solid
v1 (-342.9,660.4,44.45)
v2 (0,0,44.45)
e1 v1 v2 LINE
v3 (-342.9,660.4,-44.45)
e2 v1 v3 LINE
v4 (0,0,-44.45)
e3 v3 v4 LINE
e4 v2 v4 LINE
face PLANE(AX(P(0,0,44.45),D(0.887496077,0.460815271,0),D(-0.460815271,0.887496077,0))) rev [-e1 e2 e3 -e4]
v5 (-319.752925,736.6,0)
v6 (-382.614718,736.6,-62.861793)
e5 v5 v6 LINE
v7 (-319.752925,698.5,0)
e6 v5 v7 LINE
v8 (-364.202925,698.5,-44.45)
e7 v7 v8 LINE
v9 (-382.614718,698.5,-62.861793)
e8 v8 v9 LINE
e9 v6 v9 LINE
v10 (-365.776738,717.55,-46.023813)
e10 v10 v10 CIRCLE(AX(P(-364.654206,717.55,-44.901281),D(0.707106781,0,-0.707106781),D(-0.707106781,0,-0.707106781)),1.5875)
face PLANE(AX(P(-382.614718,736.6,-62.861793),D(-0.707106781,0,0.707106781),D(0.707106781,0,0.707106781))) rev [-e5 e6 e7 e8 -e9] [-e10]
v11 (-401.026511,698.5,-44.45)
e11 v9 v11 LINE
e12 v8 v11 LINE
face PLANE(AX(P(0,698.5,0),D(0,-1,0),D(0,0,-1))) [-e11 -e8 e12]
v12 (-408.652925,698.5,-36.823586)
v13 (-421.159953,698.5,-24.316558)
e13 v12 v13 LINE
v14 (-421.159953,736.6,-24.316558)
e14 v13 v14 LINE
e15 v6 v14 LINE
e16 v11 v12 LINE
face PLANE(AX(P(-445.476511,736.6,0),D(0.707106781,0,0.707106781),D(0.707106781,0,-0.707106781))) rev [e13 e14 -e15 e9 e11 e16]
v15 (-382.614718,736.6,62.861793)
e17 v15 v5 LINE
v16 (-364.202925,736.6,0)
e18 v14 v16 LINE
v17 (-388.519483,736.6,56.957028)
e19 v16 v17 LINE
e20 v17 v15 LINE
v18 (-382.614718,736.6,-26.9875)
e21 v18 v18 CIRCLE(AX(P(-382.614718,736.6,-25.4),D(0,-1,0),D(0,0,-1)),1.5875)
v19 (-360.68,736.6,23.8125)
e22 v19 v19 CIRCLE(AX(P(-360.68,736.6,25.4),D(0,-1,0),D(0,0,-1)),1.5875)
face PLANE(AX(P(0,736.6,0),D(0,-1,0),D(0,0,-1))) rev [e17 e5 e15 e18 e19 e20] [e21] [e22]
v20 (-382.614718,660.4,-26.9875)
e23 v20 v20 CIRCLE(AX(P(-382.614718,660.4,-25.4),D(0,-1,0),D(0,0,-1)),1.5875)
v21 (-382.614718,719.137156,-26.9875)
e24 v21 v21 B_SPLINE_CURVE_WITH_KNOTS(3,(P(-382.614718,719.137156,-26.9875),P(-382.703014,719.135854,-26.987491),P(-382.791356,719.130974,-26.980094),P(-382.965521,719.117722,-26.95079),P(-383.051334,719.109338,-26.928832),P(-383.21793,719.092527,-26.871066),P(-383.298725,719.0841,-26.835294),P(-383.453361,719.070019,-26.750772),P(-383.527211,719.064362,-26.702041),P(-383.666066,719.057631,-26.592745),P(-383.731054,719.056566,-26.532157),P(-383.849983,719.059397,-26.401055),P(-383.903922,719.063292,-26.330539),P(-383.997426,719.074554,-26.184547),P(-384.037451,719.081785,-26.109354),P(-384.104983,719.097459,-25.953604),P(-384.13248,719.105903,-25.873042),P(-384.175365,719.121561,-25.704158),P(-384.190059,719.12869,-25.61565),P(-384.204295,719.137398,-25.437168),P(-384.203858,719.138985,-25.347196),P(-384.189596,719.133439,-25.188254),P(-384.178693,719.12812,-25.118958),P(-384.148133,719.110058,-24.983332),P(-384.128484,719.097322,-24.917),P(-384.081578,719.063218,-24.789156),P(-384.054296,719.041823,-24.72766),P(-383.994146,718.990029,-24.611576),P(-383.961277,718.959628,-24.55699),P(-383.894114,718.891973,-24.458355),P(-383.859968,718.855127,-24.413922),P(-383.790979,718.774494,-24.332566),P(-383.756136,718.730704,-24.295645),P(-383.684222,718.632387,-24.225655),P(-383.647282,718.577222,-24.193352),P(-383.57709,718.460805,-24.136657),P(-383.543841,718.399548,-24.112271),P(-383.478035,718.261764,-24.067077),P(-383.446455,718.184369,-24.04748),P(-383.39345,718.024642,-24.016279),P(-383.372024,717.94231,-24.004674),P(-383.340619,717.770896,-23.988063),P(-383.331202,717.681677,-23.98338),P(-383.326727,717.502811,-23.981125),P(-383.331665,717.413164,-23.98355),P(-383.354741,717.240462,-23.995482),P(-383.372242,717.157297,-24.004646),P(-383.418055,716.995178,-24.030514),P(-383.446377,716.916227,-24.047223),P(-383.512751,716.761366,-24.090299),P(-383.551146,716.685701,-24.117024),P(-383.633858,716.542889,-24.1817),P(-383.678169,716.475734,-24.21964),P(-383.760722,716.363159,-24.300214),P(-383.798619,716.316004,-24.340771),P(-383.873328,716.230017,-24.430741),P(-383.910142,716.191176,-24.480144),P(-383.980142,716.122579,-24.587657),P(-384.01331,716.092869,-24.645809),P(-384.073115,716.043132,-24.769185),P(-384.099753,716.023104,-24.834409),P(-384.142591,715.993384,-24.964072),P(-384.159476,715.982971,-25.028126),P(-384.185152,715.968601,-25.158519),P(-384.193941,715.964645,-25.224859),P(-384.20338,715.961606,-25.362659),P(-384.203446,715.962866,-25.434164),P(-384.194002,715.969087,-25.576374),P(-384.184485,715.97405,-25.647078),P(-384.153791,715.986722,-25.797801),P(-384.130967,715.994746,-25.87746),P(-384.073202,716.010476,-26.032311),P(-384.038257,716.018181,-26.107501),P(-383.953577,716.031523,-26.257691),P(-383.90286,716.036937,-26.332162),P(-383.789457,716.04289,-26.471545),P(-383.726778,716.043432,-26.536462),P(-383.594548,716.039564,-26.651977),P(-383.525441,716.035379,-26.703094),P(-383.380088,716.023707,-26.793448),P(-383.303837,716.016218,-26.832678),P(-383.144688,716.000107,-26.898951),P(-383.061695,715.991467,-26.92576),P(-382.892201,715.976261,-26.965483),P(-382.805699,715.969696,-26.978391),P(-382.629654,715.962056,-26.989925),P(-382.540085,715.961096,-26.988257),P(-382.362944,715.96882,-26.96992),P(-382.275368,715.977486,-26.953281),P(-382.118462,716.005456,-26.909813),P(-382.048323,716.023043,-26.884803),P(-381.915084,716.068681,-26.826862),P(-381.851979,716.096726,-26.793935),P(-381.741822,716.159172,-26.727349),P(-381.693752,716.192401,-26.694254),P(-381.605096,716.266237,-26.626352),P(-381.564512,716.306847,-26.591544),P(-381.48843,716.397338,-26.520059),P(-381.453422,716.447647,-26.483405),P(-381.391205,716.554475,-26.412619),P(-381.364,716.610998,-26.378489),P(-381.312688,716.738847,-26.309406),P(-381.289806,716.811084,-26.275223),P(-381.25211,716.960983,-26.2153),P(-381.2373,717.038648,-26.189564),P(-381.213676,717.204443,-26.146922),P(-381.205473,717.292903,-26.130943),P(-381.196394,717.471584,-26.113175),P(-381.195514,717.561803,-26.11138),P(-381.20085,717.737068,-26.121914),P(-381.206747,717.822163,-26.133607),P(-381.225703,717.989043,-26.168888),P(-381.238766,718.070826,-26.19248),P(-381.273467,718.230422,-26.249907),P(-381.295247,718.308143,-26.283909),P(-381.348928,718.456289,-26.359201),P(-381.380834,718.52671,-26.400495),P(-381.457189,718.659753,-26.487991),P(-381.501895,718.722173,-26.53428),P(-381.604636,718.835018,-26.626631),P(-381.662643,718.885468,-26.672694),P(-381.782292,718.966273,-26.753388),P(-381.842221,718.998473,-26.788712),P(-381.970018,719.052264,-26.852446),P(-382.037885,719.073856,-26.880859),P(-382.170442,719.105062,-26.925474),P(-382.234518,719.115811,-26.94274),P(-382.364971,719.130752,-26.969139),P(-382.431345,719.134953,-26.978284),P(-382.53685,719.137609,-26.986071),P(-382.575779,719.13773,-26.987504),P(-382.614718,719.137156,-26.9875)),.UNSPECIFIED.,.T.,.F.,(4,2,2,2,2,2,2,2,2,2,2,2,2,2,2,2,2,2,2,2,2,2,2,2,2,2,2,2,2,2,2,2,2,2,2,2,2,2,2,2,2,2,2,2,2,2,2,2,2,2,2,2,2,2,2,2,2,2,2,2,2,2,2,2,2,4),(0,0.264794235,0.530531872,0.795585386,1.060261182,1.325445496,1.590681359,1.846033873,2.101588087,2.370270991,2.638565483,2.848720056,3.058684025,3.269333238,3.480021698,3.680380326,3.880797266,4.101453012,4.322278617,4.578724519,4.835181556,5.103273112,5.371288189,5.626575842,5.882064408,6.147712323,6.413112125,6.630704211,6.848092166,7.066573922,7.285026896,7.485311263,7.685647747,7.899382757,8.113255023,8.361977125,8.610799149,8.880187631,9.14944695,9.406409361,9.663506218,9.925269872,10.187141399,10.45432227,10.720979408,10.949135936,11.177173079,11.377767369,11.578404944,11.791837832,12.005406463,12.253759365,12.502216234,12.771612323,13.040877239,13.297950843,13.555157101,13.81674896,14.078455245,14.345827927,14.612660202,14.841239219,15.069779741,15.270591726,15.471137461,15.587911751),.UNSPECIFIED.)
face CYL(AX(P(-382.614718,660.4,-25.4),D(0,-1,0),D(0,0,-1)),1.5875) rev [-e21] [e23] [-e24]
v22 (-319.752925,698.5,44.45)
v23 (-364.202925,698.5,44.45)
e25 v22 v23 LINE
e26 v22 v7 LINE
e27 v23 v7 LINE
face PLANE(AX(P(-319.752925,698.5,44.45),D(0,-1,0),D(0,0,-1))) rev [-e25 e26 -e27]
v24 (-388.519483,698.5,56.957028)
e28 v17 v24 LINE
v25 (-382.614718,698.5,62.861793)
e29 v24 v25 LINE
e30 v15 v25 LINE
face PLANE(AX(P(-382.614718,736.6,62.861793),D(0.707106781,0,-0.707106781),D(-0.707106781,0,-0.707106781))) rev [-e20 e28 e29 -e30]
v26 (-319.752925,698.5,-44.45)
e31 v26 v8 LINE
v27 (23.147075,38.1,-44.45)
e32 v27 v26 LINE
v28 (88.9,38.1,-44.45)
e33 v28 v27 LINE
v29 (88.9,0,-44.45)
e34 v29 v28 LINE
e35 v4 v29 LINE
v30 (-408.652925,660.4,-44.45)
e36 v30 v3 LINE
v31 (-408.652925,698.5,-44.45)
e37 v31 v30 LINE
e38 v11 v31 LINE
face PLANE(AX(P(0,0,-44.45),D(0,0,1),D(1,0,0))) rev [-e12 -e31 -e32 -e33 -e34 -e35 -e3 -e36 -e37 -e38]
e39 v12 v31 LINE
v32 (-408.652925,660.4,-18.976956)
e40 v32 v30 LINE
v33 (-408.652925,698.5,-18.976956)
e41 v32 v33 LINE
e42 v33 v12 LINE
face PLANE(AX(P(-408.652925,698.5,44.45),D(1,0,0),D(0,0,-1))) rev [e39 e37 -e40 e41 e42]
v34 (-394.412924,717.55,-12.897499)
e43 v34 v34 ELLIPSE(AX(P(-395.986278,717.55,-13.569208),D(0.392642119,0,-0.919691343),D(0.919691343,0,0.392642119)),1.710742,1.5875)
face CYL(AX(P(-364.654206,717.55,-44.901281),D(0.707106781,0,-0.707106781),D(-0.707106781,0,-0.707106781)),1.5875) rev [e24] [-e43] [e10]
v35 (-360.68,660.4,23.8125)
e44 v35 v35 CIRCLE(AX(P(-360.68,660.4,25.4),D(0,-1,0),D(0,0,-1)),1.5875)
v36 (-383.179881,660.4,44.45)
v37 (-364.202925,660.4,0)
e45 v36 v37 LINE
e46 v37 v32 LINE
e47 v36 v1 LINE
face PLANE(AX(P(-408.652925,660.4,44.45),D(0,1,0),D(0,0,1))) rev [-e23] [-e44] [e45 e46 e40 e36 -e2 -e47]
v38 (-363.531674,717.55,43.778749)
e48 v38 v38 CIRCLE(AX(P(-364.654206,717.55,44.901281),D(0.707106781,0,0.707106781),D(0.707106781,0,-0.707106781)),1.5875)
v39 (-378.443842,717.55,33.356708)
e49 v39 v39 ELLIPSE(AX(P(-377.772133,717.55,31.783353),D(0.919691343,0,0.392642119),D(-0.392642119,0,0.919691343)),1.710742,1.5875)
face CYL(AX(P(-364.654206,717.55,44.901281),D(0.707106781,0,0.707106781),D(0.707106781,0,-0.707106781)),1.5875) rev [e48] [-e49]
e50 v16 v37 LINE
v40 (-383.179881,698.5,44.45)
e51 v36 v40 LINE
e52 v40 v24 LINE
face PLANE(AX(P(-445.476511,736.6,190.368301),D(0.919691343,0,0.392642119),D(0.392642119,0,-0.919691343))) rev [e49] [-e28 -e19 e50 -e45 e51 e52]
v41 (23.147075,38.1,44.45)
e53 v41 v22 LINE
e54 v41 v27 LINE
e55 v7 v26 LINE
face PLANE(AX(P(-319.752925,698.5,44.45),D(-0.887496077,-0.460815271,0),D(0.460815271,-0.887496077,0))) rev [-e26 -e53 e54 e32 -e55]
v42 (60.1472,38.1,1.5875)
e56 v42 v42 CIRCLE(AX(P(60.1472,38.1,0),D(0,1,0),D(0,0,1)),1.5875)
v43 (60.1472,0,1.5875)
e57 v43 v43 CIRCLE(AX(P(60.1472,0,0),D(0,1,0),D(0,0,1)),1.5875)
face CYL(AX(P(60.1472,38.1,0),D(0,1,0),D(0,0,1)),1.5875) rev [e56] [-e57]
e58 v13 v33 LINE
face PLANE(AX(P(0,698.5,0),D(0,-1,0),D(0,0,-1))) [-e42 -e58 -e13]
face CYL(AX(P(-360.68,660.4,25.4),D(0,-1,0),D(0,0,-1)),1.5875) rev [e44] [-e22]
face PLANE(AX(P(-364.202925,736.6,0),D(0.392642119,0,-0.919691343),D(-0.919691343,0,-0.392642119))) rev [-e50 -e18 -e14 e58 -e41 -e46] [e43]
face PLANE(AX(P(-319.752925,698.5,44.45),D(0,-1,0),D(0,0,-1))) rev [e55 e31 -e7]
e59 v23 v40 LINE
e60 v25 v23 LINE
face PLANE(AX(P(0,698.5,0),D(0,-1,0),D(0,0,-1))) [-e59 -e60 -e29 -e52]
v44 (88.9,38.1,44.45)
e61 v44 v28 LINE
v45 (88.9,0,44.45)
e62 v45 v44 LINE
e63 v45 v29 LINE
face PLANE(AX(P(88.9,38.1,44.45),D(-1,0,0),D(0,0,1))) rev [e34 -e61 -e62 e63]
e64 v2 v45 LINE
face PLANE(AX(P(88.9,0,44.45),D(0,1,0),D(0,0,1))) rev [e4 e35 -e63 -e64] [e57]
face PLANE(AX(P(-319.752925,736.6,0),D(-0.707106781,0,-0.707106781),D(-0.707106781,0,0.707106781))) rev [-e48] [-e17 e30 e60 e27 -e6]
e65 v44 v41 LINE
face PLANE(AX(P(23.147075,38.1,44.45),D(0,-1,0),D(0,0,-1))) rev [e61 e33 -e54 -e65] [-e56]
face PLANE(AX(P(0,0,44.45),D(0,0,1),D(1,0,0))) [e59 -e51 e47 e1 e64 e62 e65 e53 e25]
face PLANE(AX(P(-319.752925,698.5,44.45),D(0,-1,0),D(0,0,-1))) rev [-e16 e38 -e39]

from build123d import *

# Parameters (mm, degrees)
BOSS_EXTRUDE1_DEPTH          = 44.45
F_1_8_0_125_DIAMETER_HOLE1_D = 3.175
BOSS_EXTRUDE2_DEPTH          = 38.1
CUT_EXTRUDE1_DEPTH           = 800.080150326
CUT_EXTRUDE1_DEPTH_BACK      = 800.080150326
F_1_8_0_125_DIAMETER_HOLE2_D = 3.175
F_1_8_0_125_DIAMETER_HOLE3_D = 3.175
F_1_8_0_125_DIAMETER_HOLE4_D = 3.175


with BuildPart() as part:
    # Sketch1 → Boss-Extrude1 (new, symmetric)
    with BuildSketch(Plane.XY):
        Polygon((0, 0), (-342.9, 660.4), (-408.652925072, 660.4), (-408.652925072, 698.5), (-319.752925072, 698.5), (23.147074928, 38.1), (88.9, 38.1), (88.9, 0), align=None)
    extrude(amount=BOSS_EXTRUDE1_DEPTH, both=True)

    # 1/8 (0.125) Diameter Hole1 (through all)
    with Locations(Plane(origin=(60.1472, 38.1, 0), x_dir=(0, 0, 1), z_dir=(0, 1, 0))):
        with Locations((0, 0)):
            Hole(F_1_8_0_125_DIAMETER_HOLE1_D / 2)

    # Sketch4 → Boss-Extrude2 (add)
    with BuildSketch(Plane(origin=(0, 698.5, 0), x_dir=(1, 0, 0), z_dir=(0, 1, 0))):
        Polygon((-382.614717919, 62.861792847), (-319.752925072, 0), (-382.614717919, -62.861792847), (-445.476510767, 0), align=None)
    extrude(amount=BOSS_EXTRUDE2_DEPTH)

    # Sketch6 → Cut-Extrude1 (cut, two sides: drawn at the far end of the back side and taken through both)
    with BuildSketch(Plane.XZ.offset(-660.4).offset(-CUT_EXTRUDE1_DEPTH_BACK)):
        Polygon((-445.476510767, 190.368300991), (-364.202925072, 0), (-445.476510767, -34.697981215), align=None)
    extrude(amount=CUT_EXTRUDE1_DEPTH + CUT_EXTRUDE1_DEPTH_BACK, mode=Mode.SUBTRACT)

    # 1/8 (0.125) Diameter Hole2 (through all)
    with Locations(Plane(origin=(-159.876462536, 0, -159.876462536), x_dir=(0.707106781186549, 0, -0.707106781186546), z_dir=(0.707106781186546, 0, 0.707106781186549))):
        with Locations((-289.599461622, 717.55)):
            Hole(F_1_8_0_125_DIAMETER_HOLE2_D / 2)

    # 1/8 (0.125) Diameter Hole3 (through all)
    with Locations(Plane(origin=(-159.876462536, 0, 159.876462536), x_dir=(-0.707106781186549, 0, -0.707106781186546), z_dir=(0.707106781186546, 0, -0.707106781186549))):
        with Locations((289.599461622, 717.55)):
            Hole(F_1_8_0_125_DIAMETER_HOLE3_D / 2)

    # 1/8 (0.125) Diameter Hole4 (through all)
    with Locations(Plane(origin=(0, 660.4, 0), x_dir=(-1, 0, 0), z_dir=(0, -1, 0))):
        with Locations((360.68, -25.4), (382.614717919, 25.4)):
            Hole(F_1_8_0_125_DIAMETER_HOLE4_D / 2)


solid = part.part
